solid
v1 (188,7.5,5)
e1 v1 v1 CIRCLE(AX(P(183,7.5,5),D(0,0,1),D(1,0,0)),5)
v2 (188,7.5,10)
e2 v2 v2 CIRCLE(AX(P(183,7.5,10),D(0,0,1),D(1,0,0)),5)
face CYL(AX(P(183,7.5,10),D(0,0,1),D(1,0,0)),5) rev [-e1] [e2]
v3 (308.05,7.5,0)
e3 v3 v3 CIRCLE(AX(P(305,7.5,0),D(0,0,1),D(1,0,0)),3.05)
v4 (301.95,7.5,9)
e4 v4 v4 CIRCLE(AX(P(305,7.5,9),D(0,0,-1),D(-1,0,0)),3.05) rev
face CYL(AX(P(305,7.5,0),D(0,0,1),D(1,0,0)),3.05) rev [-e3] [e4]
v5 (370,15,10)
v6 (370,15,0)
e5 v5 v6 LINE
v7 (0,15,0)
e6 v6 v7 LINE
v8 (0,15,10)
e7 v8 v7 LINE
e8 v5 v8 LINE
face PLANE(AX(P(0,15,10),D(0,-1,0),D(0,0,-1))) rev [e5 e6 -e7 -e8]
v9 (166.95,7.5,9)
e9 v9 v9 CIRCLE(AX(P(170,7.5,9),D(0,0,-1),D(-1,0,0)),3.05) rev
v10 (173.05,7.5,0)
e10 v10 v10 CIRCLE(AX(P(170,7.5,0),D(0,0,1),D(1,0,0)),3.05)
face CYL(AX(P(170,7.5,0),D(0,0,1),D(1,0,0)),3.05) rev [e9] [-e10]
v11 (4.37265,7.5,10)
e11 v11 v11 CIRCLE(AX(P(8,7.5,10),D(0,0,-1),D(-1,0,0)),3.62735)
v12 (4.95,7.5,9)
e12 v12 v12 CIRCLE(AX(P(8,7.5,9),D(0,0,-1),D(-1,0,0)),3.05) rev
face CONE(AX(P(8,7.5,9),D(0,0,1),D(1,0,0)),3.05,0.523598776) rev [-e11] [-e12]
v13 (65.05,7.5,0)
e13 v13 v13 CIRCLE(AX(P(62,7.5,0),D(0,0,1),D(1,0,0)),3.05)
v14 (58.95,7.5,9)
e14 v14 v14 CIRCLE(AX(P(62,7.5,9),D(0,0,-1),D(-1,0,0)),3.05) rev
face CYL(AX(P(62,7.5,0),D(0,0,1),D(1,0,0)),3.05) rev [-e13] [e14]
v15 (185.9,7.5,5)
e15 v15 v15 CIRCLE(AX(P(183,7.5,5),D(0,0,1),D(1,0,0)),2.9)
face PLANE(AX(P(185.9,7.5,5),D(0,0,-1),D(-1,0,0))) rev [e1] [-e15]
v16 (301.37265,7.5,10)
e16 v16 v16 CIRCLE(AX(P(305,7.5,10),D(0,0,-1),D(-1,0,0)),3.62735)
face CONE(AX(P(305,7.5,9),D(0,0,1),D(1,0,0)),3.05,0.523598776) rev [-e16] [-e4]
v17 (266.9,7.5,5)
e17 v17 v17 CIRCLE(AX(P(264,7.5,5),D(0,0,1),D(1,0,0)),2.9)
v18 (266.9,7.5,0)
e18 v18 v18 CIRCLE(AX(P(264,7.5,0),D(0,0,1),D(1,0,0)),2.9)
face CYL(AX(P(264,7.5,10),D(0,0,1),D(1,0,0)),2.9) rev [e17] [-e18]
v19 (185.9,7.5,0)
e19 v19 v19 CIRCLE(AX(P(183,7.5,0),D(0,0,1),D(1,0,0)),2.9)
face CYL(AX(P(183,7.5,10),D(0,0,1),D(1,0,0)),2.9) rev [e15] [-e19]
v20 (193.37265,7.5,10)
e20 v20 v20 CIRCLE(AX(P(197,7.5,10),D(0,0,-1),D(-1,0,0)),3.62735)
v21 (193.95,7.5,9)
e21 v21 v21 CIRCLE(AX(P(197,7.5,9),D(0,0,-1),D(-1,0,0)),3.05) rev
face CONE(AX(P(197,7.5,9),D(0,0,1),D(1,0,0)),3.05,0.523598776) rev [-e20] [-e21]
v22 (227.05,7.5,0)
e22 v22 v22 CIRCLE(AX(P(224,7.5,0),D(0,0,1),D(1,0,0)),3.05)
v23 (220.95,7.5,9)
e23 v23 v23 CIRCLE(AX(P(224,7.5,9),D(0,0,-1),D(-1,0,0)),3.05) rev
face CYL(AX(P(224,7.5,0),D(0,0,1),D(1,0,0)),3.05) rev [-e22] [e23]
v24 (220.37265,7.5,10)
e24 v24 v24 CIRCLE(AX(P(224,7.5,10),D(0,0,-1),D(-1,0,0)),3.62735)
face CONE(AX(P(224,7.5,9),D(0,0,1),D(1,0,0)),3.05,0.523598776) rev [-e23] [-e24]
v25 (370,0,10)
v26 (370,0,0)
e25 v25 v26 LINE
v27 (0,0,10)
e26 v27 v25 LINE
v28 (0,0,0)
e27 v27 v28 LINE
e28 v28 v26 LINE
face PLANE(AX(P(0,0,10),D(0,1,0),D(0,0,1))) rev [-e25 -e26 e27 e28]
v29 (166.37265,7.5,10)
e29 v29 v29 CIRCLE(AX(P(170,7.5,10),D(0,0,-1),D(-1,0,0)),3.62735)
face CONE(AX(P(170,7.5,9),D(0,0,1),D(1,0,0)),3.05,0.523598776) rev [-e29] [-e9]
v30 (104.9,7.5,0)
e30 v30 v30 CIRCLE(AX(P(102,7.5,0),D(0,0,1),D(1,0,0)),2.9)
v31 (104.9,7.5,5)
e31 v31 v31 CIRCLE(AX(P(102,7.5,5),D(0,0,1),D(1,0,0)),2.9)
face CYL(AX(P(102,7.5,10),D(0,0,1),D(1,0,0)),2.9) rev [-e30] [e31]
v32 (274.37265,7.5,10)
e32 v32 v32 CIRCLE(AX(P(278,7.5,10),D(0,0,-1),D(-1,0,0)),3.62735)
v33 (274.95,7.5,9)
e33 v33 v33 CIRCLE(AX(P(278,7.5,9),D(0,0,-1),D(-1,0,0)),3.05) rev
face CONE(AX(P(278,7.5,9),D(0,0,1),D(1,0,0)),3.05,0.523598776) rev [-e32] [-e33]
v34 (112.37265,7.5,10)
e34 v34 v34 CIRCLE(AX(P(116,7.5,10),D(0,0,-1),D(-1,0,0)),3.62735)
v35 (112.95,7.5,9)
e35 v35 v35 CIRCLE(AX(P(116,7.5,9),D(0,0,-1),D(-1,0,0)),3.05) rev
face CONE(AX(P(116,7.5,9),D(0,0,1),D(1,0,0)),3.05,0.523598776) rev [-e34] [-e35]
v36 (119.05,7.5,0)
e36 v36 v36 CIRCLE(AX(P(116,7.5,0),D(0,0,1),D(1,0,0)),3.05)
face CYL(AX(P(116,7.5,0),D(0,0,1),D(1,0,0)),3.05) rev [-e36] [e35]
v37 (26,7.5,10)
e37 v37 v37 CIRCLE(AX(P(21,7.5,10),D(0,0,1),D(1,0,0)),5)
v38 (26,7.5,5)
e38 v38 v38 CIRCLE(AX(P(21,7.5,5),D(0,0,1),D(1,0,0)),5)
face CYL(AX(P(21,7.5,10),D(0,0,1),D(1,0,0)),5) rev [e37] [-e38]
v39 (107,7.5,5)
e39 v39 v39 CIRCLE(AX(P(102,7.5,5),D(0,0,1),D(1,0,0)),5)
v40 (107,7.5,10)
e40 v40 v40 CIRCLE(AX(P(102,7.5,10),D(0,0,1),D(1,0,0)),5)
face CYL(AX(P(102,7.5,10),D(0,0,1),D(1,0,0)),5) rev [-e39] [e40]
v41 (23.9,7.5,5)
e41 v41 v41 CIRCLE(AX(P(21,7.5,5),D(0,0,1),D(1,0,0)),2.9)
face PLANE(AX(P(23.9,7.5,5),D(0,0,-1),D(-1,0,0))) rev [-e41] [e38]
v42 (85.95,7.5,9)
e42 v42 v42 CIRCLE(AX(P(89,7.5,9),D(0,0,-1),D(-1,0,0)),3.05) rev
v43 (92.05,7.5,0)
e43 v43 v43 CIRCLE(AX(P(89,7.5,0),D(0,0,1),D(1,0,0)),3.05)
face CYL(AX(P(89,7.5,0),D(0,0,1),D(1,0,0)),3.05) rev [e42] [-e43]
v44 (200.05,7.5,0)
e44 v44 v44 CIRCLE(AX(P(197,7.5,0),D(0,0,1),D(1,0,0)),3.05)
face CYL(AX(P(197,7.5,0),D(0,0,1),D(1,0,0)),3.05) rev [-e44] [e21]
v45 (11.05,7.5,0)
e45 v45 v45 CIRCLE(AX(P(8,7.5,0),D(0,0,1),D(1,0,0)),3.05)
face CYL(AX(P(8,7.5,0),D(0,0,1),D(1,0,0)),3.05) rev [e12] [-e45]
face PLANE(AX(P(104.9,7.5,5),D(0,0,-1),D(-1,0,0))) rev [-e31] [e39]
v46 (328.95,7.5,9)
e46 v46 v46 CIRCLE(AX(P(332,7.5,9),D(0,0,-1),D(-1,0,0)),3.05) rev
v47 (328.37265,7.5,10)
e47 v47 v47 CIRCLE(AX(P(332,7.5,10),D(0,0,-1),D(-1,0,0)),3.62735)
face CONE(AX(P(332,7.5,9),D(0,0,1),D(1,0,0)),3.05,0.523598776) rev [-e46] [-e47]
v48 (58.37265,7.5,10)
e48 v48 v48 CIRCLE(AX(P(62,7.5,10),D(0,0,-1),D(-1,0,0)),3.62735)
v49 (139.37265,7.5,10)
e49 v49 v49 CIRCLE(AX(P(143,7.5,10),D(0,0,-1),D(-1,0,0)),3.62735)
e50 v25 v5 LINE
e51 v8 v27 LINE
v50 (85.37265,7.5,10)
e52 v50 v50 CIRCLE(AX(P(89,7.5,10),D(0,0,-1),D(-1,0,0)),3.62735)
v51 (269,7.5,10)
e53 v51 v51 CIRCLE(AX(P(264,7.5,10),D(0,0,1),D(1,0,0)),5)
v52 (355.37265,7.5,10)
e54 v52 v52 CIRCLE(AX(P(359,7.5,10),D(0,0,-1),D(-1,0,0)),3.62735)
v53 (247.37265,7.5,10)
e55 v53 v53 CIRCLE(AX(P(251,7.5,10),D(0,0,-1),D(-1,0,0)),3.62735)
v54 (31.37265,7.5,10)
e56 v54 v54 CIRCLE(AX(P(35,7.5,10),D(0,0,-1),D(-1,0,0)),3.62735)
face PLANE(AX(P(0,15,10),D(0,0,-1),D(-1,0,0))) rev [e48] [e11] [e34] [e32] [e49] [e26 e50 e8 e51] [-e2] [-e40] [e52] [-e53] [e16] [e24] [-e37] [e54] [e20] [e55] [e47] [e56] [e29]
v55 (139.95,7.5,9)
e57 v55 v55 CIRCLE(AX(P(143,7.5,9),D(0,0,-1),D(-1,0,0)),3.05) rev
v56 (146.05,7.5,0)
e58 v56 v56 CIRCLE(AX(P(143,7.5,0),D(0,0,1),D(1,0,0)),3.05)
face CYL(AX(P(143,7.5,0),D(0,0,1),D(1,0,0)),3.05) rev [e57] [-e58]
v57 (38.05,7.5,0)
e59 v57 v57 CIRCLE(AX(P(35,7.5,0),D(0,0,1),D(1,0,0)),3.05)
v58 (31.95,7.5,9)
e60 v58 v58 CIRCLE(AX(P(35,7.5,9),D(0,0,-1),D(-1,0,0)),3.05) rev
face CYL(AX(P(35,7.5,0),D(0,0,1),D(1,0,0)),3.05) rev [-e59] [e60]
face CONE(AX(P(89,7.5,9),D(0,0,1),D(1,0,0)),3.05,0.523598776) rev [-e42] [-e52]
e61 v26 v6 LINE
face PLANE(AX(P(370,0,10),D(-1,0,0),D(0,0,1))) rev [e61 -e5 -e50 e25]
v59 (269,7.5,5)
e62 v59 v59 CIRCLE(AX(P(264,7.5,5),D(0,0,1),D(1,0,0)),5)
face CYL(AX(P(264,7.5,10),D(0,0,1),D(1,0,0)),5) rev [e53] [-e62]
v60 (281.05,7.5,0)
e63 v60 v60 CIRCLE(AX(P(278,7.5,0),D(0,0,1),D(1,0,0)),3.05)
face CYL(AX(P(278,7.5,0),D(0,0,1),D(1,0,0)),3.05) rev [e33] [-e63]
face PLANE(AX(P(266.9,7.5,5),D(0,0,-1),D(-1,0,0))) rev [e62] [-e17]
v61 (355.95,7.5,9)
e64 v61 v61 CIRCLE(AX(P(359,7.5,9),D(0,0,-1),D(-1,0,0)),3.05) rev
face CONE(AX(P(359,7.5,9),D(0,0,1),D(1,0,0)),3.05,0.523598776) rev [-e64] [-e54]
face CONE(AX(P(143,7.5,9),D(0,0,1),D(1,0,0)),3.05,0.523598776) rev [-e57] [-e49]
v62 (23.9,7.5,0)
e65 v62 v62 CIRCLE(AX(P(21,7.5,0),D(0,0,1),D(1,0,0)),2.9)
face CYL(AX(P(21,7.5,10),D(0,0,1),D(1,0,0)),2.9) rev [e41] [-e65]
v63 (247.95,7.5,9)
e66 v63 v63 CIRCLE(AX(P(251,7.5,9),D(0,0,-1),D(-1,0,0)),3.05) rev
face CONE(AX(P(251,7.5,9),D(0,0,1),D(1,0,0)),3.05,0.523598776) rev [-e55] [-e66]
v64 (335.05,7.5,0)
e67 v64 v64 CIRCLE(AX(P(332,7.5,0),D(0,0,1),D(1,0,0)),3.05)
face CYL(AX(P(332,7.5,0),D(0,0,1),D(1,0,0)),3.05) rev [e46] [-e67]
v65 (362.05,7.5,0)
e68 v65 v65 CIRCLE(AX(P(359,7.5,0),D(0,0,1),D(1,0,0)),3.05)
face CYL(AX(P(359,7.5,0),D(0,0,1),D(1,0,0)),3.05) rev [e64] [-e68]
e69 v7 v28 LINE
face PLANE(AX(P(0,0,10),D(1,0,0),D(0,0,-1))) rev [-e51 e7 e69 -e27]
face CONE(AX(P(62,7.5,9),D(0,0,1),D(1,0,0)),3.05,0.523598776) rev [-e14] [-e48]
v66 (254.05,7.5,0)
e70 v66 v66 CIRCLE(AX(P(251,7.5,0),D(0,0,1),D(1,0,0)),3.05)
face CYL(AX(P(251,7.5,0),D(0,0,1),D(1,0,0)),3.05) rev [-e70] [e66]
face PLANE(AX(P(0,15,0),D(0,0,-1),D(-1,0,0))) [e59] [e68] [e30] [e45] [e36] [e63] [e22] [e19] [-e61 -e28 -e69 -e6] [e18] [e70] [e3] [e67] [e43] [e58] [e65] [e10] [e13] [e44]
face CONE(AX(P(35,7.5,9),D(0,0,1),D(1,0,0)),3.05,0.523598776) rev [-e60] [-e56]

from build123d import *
from OCP.BRepFilletAPI import BRepFilletAPI_MakeChamfer

# Parameters (mm, degrees)
SKETCH_1_W                   = 370
SKETCH_1_H                   = 15
EXTRUDE_1_DEPTH              = 10
SKETCH_2_R                   = 3.05
CUT_EXTRUDE_1_DEPTH          = 371.43892884
PATTERN_LINEAR_1_COUNT       = 14
PATTERN_LINEAR_1_PITCH       = 27
HOLE_WIZARD_M5_1_D           = 5.8
HOLE_WIZARD_M5_1_CBORE_D     = 10
HOLE_WIZARD_M5_1_CBORE_DEPTH = 5
CHAMFER_1_SIZE               = 1
CHAMFER_1_SIZE2              = 0.577350269


with BuildPart() as part:
    # 草图1 → 凸台-拉伸1 (new body)
    with BuildSketch(Plane.XY):
        with Locations((185, 7.5)):
            Rectangle(SKETCH_1_W, SKETCH_1_H)
    extrude(amount=EXTRUDE_1_DEPTH)

    # 草图2 → 切除-拉伸1 (cut, through all)
    with BuildSketch(Plane.XY.offset(10)):
        with Locations((8, 7.5)):
            Circle(SKETCH_2_R)
    cut_extrude_1 = extrude(amount=-CUT_EXTRUDE_1_DEPTH, mode=Mode.SUBTRACT)

    # 阵列(线性)1: 切除-拉伸1 ×14
    with Locations(*[(i * PATTERN_LINEAR_1_PITCH, 0, 0) for i in range(1, PATTERN_LINEAR_1_COUNT)]):
        add(cut_extrude_1, mode=Mode.SUBTRACT)

    # M5 六角凹头螺钉的柱形沉头孔1 (through all)
    with Locations(Plane.XY.offset(10)):
        with Locations((21, 7.5), (102, 7.5), (183, 7.5), (264, 7.5)):
            CounterBoreHole(HOLE_WIZARD_M5_1_D / 2, HOLE_WIZARD_M5_1_CBORE_D / 2, HOLE_WIZARD_M5_1_CBORE_DEPTH)

    # 倒角1: one chamfer whose edges measure the first distance from different faces: ONE call of the kernel's chamfer builder (chamfer() names one face for all edges)
    chamfer_1_edges_1 = [part.edges().sort_by_distance(p)[0] for p in [
        (4.95, 7.5, 10),
    ]]
    chamfer_1_side_1 = [part.faces().sort_by_distance(p)[0] for p in [
        (4.95, 7.5, 5),
    ]]
    chamfer_1_edges_2 = [part.edges().sort_by_distance(p)[0] for p in [
        (31.95, 7.5, 10),
    ]]
    chamfer_1_side_2 = [part.faces().sort_by_distance(p)[0] for p in [
        (31.95, 7.5, 5),
    ]]
    chamfer_1_edges_3 = [part.edges().sort_by_distance(p)[0] for p in [
        (58.95, 7.5, 10),
    ]]
    chamfer_1_side_3 = [part.faces().sort_by_distance(p)[0] for p in [
        (58.95, 7.5, 5),
    ]]
    chamfer_1_edges_4 = [part.edges().sort_by_distance(p)[0] for p in [
        (85.95, 7.5, 10),
    ]]
    chamfer_1_side_4 = [part.faces().sort_by_distance(p)[0] for p in [
        (85.95, 7.5, 5),
    ]]
    chamfer_1_edges_5 = [part.edges().sort_by_distance(p)[0] for p in [
        (112.95, 7.5, 10),
    ]]
    chamfer_1_side_5 = [part.faces().sort_by_distance(p)[0] for p in [
        (112.95, 7.5, 5),
    ]]
    chamfer_1_edges_6 = [part.edges().sort_by_distance(p)[0] for p in [
        (139.95, 7.5, 10),
    ]]
    chamfer_1_side_6 = [part.faces().sort_by_distance(p)[0] for p in [
        (139.95, 7.5, 5),
    ]]
    chamfer_1_edges_7 = [part.edges().sort_by_distance(p)[0] for p in [
        (166.95, 7.5, 10),
    ]]
    chamfer_1_side_7 = [part.faces().sort_by_distance(p)[0] for p in [
        (166.95, 7.5, 5),
    ]]
    chamfer_1_edges_8 = [part.edges().sort_by_distance(p)[0] for p in [
        (193.95, 7.5, 10),
    ]]
    chamfer_1_side_8 = [part.faces().sort_by_distance(p)[0] for p in [
        (193.95, 7.5, 5),
    ]]
    chamfer_1_edges_9 = [part.edges().sort_by_distance(p)[0] for p in [
        (220.95, 7.5, 10),
    ]]
    chamfer_1_side_9 = [part.faces().sort_by_distance(p)[0] for p in [
        (220.95, 7.5, 5),
    ]]
    chamfer_1_edges_10 = [part.edges().sort_by_distance(p)[0] for p in [
        (247.95, 7.5, 10),
    ]]
    chamfer_1_side_10 = [part.faces().sort_by_distance(p)[0] for p in [
        (247.95, 7.5, 5),
    ]]
    chamfer_1_edges_11 = [part.edges().sort_by_distance(p)[0] for p in [
        (274.95, 7.5, 10),
    ]]
    chamfer_1_side_11 = [part.faces().sort_by_distance(p)[0] for p in [
        (274.95, 7.5, 5),
    ]]
    chamfer_1_edges_12 = [part.edges().sort_by_distance(p)[0] for p in [
        (301.95, 7.5, 10),
    ]]
    chamfer_1_side_12 = [part.faces().sort_by_distance(p)[0] for p in [
        (301.95, 7.5, 5),
    ]]
    chamfer_1_edges_13 = [part.edges().sort_by_distance(p)[0] for p in [
        (328.95, 7.5, 10),
    ]]
    chamfer_1_side_13 = [part.faces().sort_by_distance(p)[0] for p in [
        (328.95, 7.5, 5),
    ]]
    chamfer_1_edges_14 = [part.edges().sort_by_distance(p)[0] for p in [
        (355.95, 7.5, 10),
    ]]
    chamfer_1_side_14 = [part.faces().sort_by_distance(p)[0] for p in [
        (355.95, 7.5, 5),
    ]]
    chamfer_1 = BRepFilletAPI_MakeChamfer(part.part.solid().wrapped)
    for e in chamfer_1_edges_1:
        chamfer_1.Add(CHAMFER_1_SIZE, CHAMFER_1_SIZE2, e.wrapped, chamfer_1_side_1[0].wrapped)  # the first distance lies on this face
    for e in chamfer_1_edges_2:
        chamfer_1.Add(CHAMFER_1_SIZE, CHAMFER_1_SIZE2, e.wrapped, chamfer_1_side_2[0].wrapped)  # the first distance lies on this face
    for e in chamfer_1_edges_3:
        chamfer_1.Add(CHAMFER_1_SIZE, CHAMFER_1_SIZE2, e.wrapped, chamfer_1_side_3[0].wrapped)  # the first distance lies on this face
    for e in chamfer_1_edges_4:
        chamfer_1.Add(CHAMFER_1_SIZE, CHAMFER_1_SIZE2, e.wrapped, chamfer_1_side_4[0].wrapped)  # the first distance lies on this face
    for e in chamfer_1_edges_5:
        chamfer_1.Add(CHAMFER_1_SIZE, CHAMFER_1_SIZE2, e.wrapped, chamfer_1_side_5[0].wrapped)  # the first distance lies on this face
    for e in chamfer_1_edges_6:
        chamfer_1.Add(CHAMFER_1_SIZE, CHAMFER_1_SIZE2, e.wrapped, chamfer_1_side_6[0].wrapped)  # the first distance lies on this face
    for e in chamfer_1_edges_7:
        chamfer_1.Add(CHAMFER_1_SIZE, CHAMFER_1_SIZE2, e.wrapped, chamfer_1_side_7[0].wrapped)  # the first distance lies on this face
    for e in chamfer_1_edges_8:
        chamfer_1.Add(CHAMFER_1_SIZE, CHAMFER_1_SIZE2, e.wrapped, chamfer_1_side_8[0].wrapped)  # the first distance lies on this face
    for e in chamfer_1_edges_9:
        chamfer_1.Add(CHAMFER_1_SIZE, CHAMFER_1_SIZE2, e.wrapped, chamfer_1_side_9[0].wrapped)  # the first distance lies on this face
    for e in chamfer_1_edges_10:
        chamfer_1.Add(CHAMFER_1_SIZE, CHAMFER_1_SIZE2, e.wrapped, chamfer_1_side_10[0].wrapped)  # the first distance lies on this face
    for e in chamfer_1_edges_11:
        chamfer_1.Add(CHAMFER_1_SIZE, CHAMFER_1_SIZE2, e.wrapped, chamfer_1_side_11[0].wrapped)  # the first distance lies on this face
    for e in chamfer_1_edges_12:
        chamfer_1.Add(CHAMFER_1_SIZE, CHAMFER_1_SIZE2, e.wrapped, chamfer_1_side_12[0].wrapped)  # the first distance lies on this face
    for e in chamfer_1_edges_13:
        chamfer_1.Add(CHAMFER_1_SIZE, CHAMFER_1_SIZE2, e.wrapped, chamfer_1_side_13[0].wrapped)  # the first distance lies on this face
    for e in chamfer_1_edges_14:
        chamfer_1.Add(CHAMFER_1_SIZE, CHAMFER_1_SIZE2, e.wrapped, chamfer_1_side_14[0].wrapped)  # the first distance lies on this face
    add(Compound.cast(chamfer_1.Shape()), mode=Mode.REPLACE)


solid = part.part
